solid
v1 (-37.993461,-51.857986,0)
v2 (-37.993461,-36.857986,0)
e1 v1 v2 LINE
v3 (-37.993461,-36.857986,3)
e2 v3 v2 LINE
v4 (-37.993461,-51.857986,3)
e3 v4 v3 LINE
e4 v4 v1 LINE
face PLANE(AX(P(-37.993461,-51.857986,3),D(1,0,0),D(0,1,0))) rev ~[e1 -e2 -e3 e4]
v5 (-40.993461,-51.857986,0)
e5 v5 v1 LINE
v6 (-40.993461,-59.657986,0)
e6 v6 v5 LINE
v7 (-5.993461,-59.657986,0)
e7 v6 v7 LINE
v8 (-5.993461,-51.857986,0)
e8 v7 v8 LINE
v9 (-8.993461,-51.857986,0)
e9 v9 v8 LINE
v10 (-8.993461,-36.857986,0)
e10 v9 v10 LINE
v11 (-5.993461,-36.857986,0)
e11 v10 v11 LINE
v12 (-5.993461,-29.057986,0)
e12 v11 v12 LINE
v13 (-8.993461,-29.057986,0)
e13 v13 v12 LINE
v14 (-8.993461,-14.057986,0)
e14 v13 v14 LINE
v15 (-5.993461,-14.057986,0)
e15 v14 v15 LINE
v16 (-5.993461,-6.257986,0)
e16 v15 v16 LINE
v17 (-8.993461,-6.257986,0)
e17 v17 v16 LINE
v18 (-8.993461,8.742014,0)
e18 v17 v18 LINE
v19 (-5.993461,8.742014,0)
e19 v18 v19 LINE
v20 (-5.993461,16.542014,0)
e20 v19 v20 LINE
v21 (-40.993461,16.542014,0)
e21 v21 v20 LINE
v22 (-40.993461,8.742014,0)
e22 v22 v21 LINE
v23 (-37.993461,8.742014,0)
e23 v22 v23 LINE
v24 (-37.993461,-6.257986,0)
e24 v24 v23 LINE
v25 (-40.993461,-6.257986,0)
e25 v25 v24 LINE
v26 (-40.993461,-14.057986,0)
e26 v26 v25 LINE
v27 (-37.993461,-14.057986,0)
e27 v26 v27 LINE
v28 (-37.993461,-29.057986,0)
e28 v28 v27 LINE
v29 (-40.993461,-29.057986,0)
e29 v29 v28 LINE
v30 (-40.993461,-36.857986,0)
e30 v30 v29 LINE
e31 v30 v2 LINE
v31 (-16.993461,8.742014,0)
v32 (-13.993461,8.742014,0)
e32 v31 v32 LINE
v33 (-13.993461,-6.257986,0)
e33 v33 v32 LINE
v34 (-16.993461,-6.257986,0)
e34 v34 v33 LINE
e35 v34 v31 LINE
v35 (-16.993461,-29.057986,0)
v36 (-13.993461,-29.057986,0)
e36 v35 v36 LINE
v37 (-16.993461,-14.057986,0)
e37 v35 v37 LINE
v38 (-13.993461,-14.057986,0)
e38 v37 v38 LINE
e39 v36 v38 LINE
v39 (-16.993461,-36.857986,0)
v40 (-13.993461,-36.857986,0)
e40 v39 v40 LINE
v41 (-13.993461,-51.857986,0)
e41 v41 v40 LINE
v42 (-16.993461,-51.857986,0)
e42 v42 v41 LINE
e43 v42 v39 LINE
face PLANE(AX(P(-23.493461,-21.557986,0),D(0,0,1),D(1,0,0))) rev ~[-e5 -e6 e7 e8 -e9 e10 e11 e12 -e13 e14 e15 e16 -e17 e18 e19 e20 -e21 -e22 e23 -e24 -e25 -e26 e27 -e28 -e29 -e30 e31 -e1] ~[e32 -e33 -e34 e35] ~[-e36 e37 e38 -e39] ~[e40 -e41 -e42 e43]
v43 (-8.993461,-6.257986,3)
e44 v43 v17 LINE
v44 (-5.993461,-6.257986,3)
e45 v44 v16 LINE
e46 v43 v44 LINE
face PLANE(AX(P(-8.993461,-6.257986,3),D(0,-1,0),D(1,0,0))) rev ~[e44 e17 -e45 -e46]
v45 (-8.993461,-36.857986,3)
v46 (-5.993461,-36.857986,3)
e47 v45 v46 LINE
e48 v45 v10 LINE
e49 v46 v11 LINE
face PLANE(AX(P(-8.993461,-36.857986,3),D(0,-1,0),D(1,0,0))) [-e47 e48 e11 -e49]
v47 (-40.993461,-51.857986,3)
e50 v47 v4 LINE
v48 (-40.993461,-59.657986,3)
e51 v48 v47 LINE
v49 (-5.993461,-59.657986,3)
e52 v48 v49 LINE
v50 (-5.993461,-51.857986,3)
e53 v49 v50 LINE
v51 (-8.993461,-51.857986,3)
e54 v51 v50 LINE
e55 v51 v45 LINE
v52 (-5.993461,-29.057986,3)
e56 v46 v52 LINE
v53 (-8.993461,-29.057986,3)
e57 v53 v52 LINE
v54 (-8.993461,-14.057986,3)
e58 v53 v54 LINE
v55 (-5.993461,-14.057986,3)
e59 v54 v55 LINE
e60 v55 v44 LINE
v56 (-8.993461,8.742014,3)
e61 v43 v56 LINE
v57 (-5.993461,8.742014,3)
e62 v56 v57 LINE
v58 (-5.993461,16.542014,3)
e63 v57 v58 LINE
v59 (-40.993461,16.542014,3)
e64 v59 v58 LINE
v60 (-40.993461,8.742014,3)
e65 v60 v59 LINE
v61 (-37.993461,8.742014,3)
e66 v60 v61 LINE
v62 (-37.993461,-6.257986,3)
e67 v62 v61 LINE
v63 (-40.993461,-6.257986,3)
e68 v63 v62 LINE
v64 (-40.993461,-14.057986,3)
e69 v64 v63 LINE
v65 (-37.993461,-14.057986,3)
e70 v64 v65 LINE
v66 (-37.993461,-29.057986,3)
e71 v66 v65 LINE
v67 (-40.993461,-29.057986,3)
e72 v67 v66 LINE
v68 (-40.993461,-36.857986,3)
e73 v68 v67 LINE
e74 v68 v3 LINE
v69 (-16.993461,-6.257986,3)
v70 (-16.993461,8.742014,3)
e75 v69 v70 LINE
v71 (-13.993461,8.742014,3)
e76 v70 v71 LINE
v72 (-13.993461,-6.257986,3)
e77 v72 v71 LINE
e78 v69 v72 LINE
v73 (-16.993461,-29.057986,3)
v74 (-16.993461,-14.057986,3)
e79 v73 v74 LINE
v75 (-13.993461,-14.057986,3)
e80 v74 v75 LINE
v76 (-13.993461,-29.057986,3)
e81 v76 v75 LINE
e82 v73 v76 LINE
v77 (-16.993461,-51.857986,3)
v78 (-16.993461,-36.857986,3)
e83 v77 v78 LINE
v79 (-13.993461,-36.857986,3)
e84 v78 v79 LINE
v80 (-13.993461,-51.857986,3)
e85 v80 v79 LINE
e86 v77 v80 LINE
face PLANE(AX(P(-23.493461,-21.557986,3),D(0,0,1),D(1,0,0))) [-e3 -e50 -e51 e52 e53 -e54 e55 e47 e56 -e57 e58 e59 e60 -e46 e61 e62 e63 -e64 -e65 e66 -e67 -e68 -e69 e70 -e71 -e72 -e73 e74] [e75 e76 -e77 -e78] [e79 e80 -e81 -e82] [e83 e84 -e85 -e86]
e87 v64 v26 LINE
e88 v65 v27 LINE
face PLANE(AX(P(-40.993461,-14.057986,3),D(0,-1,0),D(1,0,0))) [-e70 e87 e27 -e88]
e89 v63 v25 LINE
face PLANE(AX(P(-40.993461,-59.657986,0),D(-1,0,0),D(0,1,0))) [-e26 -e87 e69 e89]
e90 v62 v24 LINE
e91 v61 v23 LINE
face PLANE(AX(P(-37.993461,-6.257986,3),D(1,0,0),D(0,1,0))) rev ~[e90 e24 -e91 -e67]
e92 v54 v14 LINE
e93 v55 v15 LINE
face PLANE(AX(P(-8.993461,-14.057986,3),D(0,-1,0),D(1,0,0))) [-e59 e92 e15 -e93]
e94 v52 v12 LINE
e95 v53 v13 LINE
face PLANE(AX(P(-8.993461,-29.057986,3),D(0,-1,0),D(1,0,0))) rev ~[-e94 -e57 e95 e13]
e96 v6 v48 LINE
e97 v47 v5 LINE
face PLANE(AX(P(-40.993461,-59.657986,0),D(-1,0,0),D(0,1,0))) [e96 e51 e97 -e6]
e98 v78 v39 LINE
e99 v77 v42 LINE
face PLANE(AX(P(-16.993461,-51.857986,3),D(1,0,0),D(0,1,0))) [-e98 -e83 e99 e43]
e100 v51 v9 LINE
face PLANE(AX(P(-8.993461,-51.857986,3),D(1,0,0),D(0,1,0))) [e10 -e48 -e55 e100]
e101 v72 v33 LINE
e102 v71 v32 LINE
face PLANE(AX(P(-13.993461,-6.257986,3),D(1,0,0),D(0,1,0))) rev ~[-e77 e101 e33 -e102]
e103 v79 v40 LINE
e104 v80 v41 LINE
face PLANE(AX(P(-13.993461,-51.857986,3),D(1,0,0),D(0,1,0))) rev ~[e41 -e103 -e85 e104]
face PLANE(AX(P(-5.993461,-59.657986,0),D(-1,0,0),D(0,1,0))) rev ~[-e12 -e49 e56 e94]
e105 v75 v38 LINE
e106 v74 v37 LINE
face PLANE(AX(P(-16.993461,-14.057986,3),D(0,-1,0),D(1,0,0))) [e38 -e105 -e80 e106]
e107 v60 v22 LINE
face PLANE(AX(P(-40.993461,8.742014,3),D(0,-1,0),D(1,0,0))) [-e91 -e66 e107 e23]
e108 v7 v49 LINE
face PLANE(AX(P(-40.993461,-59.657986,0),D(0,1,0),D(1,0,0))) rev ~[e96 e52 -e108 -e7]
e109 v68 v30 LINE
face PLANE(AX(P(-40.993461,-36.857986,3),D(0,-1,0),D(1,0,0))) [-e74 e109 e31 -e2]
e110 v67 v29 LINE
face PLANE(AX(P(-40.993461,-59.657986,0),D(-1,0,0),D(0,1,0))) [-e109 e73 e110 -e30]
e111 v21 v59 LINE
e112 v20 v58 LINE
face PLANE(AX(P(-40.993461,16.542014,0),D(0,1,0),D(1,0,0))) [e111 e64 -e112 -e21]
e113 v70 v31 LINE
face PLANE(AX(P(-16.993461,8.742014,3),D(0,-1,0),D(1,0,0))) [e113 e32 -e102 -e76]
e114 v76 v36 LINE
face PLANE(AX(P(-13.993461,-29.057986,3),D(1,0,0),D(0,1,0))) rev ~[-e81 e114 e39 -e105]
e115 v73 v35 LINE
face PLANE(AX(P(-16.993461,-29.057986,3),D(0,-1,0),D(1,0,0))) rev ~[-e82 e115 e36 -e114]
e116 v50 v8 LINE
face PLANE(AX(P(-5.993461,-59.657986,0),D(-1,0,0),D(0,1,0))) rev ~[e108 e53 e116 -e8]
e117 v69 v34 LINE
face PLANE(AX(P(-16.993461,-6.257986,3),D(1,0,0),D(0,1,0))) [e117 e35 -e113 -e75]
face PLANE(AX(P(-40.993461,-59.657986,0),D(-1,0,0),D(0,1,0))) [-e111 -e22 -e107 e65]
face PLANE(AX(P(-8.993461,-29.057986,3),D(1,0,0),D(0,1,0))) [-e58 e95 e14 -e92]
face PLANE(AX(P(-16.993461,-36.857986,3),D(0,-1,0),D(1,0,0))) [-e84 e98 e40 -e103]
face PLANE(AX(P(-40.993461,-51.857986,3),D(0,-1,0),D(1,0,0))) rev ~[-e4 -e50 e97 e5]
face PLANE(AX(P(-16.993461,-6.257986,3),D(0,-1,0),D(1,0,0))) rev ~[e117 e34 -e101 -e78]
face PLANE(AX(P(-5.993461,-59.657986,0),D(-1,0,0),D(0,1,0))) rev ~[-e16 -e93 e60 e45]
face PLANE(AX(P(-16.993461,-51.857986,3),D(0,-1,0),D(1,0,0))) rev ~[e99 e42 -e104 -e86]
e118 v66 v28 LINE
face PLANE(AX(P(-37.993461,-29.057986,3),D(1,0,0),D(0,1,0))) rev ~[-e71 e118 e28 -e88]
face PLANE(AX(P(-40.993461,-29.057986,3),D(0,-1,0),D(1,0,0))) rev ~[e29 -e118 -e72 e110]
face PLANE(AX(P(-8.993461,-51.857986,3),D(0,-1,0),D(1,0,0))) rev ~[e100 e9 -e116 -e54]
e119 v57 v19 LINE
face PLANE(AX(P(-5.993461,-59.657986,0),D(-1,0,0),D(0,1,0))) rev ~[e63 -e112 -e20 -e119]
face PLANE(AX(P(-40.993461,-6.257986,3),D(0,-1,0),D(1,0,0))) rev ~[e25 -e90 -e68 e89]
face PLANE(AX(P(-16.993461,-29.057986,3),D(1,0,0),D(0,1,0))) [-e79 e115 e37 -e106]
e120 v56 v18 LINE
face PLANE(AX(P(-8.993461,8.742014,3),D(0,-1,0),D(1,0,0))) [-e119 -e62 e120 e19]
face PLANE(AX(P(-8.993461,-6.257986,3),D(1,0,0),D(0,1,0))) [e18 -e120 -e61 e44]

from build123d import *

# Parameters (mm, degrees)
SKETCH1_W           = 35
SKETCH1_H           = 76.2
BOSS_EXTRUDE1_DEPTH = 3
SKETCH2_W           = 3
SKETCH2_H           = 15
CUT_EXTRUDE1_DEPTH  = 73.446802019
LPATTERN1_COUNT     = 3
LPATTERN1_PITCH     = 22.8
SKETCH3_W           = 3
SKETCH3_H           = 15
CUT_EXTRUDE2_DEPTH  = 73.446802019
LPATTERN2_COUNT     = 3
LPATTERN2_PITCH     = 22.8


with BuildPart() as part:
    # Sketch1 → Boss-Extrude1 (new body)
    with BuildSketch(Plane.XY):
        with Locations((-23.493460648, -21.557986111)):
            Rectangle(SKETCH1_W, SKETCH1_H)
    extrude(amount=BOSS_EXTRUDE1_DEPTH)

    # Sketch2 → Cut-Extrude1 (cut, through all)
    with BuildSketch(Plane.XY.offset(3)):
        with Locations((-39.493460648, 1.242013889)):
            Rectangle(SKETCH2_W, SKETCH2_H)
        with Locations((-7.493460648, 1.242013889)):
            Rectangle(SKETCH2_W, SKETCH2_H)
    cut_extrude1 = extrude(amount=-CUT_EXTRUDE1_DEPTH, mode=Mode.SUBTRACT)

    # LPattern1: Cut-Extrude1 ×3
    with Locations(*[(0, -i * LPATTERN1_PITCH, 0) for i in range(1, LPATTERN1_COUNT)]):
        add(cut_extrude1, mode=Mode.SUBTRACT)

    # Sketch3 → Cut-Extrude2 (cut, through all)
    with BuildSketch(Plane.XY.offset(3)):
        with Locations((-15.493460648, 1.242013889)):
            Rectangle(SKETCH3_W, SKETCH3_H)
    cut_extrude2 = extrude(amount=-CUT_EXTRUDE2_DEPTH, mode=Mode.SUBTRACT)

    # LPattern2: Cut-Extrude2 ×3
    with Locations(*[(0, -i * LPATTERN2_PITCH, 0) for i in range(1, LPATTERN2_COUNT)]):
        add(cut_extrude2, mode=Mode.SUBTRACT)


solid = part.part
